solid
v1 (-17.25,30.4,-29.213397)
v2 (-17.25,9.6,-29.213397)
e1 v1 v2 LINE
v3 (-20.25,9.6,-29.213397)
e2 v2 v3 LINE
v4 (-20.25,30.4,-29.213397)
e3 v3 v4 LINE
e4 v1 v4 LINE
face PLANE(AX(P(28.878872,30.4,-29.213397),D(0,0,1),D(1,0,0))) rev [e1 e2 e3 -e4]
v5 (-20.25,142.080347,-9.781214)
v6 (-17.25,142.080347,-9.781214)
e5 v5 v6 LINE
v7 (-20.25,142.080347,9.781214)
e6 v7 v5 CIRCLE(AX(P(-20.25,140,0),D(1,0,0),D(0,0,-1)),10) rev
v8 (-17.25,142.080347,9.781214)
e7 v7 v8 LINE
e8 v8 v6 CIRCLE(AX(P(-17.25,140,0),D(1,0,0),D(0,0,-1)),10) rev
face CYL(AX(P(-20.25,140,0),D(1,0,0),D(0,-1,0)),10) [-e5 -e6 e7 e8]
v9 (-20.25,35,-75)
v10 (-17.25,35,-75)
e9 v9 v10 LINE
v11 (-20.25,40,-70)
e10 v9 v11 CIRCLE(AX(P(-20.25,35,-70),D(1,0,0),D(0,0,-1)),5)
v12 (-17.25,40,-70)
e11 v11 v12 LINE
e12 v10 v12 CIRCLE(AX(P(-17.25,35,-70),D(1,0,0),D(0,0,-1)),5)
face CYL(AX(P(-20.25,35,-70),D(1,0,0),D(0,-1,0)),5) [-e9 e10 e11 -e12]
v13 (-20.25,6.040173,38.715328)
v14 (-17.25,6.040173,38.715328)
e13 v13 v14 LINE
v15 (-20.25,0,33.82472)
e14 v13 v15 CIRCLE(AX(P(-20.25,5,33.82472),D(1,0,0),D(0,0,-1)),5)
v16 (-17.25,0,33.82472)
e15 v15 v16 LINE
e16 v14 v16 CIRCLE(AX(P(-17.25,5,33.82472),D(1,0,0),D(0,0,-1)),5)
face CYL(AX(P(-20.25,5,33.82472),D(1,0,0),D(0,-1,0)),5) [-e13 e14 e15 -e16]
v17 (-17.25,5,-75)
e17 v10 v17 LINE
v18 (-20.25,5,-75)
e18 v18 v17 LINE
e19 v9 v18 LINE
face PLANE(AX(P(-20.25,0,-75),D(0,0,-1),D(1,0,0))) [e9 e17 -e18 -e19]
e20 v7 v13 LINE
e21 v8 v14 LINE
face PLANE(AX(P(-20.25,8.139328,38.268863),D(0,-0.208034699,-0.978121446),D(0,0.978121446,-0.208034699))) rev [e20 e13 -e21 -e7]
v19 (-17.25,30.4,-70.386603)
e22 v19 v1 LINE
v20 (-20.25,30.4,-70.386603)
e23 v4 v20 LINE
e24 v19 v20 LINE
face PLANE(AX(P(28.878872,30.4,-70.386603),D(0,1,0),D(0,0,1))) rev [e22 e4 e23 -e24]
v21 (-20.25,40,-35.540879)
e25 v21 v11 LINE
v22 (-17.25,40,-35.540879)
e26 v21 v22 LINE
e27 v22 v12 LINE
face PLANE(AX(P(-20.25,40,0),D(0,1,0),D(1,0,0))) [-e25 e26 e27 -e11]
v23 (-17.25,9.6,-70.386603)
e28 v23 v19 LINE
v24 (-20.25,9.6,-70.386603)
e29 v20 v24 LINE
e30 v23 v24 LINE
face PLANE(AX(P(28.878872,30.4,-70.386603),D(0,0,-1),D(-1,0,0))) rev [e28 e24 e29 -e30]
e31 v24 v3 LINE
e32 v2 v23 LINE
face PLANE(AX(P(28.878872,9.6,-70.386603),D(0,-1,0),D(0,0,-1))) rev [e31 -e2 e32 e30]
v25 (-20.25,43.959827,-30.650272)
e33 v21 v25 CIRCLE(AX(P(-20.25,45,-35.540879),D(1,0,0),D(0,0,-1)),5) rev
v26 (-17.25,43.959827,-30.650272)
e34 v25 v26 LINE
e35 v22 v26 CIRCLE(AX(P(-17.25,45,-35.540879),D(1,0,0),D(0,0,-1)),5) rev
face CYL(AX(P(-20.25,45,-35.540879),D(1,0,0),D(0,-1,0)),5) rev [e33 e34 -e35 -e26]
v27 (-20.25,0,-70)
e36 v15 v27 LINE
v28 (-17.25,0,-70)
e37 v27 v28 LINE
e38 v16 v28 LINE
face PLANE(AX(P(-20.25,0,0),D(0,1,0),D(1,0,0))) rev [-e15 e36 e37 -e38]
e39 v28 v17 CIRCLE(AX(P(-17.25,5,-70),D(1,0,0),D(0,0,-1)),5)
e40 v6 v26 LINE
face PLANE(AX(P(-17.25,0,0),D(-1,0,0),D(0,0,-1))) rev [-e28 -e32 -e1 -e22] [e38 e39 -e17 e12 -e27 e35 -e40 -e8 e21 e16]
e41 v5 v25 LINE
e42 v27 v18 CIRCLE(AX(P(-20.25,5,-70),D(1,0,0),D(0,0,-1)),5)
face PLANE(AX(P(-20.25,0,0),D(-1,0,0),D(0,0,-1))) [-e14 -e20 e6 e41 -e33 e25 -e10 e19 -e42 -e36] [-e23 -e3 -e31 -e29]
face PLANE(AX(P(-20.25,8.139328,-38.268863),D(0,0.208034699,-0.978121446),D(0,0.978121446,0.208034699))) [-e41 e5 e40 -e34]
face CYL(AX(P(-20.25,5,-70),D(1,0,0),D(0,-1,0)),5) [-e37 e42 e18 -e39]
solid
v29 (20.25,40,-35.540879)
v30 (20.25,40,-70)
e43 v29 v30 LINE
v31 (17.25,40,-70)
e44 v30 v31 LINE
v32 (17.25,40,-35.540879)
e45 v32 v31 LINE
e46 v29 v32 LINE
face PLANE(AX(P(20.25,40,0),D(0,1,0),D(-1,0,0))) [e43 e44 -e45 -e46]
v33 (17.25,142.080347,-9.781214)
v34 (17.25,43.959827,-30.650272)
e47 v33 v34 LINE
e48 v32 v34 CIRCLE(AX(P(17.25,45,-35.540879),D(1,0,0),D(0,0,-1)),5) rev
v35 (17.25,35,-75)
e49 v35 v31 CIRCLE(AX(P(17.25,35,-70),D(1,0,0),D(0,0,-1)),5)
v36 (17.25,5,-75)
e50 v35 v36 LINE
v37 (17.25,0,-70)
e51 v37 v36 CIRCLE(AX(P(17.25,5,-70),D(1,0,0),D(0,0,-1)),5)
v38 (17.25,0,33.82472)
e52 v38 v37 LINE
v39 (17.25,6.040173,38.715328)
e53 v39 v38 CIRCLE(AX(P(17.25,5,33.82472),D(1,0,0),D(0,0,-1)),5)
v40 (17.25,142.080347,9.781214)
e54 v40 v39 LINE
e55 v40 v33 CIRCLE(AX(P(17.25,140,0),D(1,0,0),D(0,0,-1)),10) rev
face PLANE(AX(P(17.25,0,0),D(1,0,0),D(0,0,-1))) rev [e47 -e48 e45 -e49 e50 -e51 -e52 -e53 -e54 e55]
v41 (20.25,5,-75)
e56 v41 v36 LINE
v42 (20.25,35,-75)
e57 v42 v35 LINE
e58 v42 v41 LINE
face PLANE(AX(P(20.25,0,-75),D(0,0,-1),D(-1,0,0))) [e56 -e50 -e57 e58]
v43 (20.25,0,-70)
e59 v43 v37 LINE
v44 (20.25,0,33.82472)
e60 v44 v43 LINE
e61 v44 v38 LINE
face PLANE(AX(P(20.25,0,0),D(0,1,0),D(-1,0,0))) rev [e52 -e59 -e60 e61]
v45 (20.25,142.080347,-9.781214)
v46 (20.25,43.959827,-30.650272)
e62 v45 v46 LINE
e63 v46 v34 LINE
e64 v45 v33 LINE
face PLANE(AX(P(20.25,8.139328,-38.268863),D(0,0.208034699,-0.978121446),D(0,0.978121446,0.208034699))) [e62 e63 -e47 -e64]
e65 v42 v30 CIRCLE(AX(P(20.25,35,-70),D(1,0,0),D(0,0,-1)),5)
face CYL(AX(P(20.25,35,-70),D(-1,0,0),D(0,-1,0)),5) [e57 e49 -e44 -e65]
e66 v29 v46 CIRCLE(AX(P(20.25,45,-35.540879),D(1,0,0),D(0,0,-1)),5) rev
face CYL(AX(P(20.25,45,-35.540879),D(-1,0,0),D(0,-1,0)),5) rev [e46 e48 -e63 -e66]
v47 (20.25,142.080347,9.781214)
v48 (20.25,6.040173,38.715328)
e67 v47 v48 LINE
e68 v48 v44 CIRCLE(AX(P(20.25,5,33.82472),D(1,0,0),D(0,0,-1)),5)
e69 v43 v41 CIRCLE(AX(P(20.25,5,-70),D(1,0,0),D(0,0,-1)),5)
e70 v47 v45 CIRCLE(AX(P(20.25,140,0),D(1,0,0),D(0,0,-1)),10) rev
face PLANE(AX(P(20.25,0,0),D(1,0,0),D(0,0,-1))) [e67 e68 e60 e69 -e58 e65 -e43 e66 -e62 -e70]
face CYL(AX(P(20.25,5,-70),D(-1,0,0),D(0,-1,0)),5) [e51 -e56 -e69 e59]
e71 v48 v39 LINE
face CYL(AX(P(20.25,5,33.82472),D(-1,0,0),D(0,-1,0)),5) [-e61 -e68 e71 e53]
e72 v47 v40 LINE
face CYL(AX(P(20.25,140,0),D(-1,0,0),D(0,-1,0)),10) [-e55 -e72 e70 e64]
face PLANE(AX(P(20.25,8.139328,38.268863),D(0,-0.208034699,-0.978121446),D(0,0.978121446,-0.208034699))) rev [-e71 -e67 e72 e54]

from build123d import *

# Parameters (mm, degrees)
BOSS_EXTRUDE1_DEPTH     = 3
SKETCH5_W               = 41.17320508
SKETCH5_H               = 20.8
CUT_EXTRUDE1_DEPTH      = 1
CUT_EXTRUDE1_DEPTH_BACK = 3


with BuildPart() as part:
    # Sketch3 → Boss-Extrude1 (new body)
    with BuildSketch(Plane(origin=(17.25, 0, 0), x_dir=(0, 0, -1), z_dir=(1, 0, 0))):
        with BuildLine():
            ThreePointArc((-9.781214465, 142.08034699), (0, 150), (9.781214465, 142.08034699))
            Line((9.781214465, 142.08034699), (30.650272205, 43.959826505))
            ThreePointArc((30.650272205, 43.959826505), (32.394521819, 41.114072345), (35.540879438, 40))
            Line((35.540879438, 40), (70, 40))
            ThreePointArc((70, 40), (73.535533906, 38.535533906), (75, 35))
            Line((75, 35), (75, 5))
            ThreePointArc((75, 5), (73.535533906, 1.464466094), (70, 0))
            Line((70, 0), (0, 0))
            Line((0, 0), (-33.824720318, 0))
            ThreePointArc((-33.824720318, 0), (-37.710647973, 1.853642382), (-38.71532755, 6.040173495))
            Line((-38.71532755, 6.040173495), (-9.781214465, 142.08034699))
        make_face()
    extrude(amount=BOSS_EXTRUDE1_DEPTH)


with BuildPart() as body_2:
    # Mirror2: mirrored copy
    add(part.part.mirror(Plane(origin=(0, 0, 0), x_dir=(0, 0, 1), z_dir=(1, 0, 0))))

    # Sketch5 → Cut-Extrude1 (cut, two sides)
    with BuildSketch(Plane.ZY.offset(20.25)) as cut_extrude1_sk:
        with Locations((-49.8, 20)):
            Rectangle(SKETCH5_W, SKETCH5_H)
    extrude(amount=CUT_EXTRUDE1_DEPTH, mode=Mode.SUBTRACT)
    extrude(cut_extrude1_sk.sketch, amount=-CUT_EXTRUDE1_DEPTH_BACK, mode=Mode.SUBTRACT)


solid = Compound([part.part, body_2.part])
